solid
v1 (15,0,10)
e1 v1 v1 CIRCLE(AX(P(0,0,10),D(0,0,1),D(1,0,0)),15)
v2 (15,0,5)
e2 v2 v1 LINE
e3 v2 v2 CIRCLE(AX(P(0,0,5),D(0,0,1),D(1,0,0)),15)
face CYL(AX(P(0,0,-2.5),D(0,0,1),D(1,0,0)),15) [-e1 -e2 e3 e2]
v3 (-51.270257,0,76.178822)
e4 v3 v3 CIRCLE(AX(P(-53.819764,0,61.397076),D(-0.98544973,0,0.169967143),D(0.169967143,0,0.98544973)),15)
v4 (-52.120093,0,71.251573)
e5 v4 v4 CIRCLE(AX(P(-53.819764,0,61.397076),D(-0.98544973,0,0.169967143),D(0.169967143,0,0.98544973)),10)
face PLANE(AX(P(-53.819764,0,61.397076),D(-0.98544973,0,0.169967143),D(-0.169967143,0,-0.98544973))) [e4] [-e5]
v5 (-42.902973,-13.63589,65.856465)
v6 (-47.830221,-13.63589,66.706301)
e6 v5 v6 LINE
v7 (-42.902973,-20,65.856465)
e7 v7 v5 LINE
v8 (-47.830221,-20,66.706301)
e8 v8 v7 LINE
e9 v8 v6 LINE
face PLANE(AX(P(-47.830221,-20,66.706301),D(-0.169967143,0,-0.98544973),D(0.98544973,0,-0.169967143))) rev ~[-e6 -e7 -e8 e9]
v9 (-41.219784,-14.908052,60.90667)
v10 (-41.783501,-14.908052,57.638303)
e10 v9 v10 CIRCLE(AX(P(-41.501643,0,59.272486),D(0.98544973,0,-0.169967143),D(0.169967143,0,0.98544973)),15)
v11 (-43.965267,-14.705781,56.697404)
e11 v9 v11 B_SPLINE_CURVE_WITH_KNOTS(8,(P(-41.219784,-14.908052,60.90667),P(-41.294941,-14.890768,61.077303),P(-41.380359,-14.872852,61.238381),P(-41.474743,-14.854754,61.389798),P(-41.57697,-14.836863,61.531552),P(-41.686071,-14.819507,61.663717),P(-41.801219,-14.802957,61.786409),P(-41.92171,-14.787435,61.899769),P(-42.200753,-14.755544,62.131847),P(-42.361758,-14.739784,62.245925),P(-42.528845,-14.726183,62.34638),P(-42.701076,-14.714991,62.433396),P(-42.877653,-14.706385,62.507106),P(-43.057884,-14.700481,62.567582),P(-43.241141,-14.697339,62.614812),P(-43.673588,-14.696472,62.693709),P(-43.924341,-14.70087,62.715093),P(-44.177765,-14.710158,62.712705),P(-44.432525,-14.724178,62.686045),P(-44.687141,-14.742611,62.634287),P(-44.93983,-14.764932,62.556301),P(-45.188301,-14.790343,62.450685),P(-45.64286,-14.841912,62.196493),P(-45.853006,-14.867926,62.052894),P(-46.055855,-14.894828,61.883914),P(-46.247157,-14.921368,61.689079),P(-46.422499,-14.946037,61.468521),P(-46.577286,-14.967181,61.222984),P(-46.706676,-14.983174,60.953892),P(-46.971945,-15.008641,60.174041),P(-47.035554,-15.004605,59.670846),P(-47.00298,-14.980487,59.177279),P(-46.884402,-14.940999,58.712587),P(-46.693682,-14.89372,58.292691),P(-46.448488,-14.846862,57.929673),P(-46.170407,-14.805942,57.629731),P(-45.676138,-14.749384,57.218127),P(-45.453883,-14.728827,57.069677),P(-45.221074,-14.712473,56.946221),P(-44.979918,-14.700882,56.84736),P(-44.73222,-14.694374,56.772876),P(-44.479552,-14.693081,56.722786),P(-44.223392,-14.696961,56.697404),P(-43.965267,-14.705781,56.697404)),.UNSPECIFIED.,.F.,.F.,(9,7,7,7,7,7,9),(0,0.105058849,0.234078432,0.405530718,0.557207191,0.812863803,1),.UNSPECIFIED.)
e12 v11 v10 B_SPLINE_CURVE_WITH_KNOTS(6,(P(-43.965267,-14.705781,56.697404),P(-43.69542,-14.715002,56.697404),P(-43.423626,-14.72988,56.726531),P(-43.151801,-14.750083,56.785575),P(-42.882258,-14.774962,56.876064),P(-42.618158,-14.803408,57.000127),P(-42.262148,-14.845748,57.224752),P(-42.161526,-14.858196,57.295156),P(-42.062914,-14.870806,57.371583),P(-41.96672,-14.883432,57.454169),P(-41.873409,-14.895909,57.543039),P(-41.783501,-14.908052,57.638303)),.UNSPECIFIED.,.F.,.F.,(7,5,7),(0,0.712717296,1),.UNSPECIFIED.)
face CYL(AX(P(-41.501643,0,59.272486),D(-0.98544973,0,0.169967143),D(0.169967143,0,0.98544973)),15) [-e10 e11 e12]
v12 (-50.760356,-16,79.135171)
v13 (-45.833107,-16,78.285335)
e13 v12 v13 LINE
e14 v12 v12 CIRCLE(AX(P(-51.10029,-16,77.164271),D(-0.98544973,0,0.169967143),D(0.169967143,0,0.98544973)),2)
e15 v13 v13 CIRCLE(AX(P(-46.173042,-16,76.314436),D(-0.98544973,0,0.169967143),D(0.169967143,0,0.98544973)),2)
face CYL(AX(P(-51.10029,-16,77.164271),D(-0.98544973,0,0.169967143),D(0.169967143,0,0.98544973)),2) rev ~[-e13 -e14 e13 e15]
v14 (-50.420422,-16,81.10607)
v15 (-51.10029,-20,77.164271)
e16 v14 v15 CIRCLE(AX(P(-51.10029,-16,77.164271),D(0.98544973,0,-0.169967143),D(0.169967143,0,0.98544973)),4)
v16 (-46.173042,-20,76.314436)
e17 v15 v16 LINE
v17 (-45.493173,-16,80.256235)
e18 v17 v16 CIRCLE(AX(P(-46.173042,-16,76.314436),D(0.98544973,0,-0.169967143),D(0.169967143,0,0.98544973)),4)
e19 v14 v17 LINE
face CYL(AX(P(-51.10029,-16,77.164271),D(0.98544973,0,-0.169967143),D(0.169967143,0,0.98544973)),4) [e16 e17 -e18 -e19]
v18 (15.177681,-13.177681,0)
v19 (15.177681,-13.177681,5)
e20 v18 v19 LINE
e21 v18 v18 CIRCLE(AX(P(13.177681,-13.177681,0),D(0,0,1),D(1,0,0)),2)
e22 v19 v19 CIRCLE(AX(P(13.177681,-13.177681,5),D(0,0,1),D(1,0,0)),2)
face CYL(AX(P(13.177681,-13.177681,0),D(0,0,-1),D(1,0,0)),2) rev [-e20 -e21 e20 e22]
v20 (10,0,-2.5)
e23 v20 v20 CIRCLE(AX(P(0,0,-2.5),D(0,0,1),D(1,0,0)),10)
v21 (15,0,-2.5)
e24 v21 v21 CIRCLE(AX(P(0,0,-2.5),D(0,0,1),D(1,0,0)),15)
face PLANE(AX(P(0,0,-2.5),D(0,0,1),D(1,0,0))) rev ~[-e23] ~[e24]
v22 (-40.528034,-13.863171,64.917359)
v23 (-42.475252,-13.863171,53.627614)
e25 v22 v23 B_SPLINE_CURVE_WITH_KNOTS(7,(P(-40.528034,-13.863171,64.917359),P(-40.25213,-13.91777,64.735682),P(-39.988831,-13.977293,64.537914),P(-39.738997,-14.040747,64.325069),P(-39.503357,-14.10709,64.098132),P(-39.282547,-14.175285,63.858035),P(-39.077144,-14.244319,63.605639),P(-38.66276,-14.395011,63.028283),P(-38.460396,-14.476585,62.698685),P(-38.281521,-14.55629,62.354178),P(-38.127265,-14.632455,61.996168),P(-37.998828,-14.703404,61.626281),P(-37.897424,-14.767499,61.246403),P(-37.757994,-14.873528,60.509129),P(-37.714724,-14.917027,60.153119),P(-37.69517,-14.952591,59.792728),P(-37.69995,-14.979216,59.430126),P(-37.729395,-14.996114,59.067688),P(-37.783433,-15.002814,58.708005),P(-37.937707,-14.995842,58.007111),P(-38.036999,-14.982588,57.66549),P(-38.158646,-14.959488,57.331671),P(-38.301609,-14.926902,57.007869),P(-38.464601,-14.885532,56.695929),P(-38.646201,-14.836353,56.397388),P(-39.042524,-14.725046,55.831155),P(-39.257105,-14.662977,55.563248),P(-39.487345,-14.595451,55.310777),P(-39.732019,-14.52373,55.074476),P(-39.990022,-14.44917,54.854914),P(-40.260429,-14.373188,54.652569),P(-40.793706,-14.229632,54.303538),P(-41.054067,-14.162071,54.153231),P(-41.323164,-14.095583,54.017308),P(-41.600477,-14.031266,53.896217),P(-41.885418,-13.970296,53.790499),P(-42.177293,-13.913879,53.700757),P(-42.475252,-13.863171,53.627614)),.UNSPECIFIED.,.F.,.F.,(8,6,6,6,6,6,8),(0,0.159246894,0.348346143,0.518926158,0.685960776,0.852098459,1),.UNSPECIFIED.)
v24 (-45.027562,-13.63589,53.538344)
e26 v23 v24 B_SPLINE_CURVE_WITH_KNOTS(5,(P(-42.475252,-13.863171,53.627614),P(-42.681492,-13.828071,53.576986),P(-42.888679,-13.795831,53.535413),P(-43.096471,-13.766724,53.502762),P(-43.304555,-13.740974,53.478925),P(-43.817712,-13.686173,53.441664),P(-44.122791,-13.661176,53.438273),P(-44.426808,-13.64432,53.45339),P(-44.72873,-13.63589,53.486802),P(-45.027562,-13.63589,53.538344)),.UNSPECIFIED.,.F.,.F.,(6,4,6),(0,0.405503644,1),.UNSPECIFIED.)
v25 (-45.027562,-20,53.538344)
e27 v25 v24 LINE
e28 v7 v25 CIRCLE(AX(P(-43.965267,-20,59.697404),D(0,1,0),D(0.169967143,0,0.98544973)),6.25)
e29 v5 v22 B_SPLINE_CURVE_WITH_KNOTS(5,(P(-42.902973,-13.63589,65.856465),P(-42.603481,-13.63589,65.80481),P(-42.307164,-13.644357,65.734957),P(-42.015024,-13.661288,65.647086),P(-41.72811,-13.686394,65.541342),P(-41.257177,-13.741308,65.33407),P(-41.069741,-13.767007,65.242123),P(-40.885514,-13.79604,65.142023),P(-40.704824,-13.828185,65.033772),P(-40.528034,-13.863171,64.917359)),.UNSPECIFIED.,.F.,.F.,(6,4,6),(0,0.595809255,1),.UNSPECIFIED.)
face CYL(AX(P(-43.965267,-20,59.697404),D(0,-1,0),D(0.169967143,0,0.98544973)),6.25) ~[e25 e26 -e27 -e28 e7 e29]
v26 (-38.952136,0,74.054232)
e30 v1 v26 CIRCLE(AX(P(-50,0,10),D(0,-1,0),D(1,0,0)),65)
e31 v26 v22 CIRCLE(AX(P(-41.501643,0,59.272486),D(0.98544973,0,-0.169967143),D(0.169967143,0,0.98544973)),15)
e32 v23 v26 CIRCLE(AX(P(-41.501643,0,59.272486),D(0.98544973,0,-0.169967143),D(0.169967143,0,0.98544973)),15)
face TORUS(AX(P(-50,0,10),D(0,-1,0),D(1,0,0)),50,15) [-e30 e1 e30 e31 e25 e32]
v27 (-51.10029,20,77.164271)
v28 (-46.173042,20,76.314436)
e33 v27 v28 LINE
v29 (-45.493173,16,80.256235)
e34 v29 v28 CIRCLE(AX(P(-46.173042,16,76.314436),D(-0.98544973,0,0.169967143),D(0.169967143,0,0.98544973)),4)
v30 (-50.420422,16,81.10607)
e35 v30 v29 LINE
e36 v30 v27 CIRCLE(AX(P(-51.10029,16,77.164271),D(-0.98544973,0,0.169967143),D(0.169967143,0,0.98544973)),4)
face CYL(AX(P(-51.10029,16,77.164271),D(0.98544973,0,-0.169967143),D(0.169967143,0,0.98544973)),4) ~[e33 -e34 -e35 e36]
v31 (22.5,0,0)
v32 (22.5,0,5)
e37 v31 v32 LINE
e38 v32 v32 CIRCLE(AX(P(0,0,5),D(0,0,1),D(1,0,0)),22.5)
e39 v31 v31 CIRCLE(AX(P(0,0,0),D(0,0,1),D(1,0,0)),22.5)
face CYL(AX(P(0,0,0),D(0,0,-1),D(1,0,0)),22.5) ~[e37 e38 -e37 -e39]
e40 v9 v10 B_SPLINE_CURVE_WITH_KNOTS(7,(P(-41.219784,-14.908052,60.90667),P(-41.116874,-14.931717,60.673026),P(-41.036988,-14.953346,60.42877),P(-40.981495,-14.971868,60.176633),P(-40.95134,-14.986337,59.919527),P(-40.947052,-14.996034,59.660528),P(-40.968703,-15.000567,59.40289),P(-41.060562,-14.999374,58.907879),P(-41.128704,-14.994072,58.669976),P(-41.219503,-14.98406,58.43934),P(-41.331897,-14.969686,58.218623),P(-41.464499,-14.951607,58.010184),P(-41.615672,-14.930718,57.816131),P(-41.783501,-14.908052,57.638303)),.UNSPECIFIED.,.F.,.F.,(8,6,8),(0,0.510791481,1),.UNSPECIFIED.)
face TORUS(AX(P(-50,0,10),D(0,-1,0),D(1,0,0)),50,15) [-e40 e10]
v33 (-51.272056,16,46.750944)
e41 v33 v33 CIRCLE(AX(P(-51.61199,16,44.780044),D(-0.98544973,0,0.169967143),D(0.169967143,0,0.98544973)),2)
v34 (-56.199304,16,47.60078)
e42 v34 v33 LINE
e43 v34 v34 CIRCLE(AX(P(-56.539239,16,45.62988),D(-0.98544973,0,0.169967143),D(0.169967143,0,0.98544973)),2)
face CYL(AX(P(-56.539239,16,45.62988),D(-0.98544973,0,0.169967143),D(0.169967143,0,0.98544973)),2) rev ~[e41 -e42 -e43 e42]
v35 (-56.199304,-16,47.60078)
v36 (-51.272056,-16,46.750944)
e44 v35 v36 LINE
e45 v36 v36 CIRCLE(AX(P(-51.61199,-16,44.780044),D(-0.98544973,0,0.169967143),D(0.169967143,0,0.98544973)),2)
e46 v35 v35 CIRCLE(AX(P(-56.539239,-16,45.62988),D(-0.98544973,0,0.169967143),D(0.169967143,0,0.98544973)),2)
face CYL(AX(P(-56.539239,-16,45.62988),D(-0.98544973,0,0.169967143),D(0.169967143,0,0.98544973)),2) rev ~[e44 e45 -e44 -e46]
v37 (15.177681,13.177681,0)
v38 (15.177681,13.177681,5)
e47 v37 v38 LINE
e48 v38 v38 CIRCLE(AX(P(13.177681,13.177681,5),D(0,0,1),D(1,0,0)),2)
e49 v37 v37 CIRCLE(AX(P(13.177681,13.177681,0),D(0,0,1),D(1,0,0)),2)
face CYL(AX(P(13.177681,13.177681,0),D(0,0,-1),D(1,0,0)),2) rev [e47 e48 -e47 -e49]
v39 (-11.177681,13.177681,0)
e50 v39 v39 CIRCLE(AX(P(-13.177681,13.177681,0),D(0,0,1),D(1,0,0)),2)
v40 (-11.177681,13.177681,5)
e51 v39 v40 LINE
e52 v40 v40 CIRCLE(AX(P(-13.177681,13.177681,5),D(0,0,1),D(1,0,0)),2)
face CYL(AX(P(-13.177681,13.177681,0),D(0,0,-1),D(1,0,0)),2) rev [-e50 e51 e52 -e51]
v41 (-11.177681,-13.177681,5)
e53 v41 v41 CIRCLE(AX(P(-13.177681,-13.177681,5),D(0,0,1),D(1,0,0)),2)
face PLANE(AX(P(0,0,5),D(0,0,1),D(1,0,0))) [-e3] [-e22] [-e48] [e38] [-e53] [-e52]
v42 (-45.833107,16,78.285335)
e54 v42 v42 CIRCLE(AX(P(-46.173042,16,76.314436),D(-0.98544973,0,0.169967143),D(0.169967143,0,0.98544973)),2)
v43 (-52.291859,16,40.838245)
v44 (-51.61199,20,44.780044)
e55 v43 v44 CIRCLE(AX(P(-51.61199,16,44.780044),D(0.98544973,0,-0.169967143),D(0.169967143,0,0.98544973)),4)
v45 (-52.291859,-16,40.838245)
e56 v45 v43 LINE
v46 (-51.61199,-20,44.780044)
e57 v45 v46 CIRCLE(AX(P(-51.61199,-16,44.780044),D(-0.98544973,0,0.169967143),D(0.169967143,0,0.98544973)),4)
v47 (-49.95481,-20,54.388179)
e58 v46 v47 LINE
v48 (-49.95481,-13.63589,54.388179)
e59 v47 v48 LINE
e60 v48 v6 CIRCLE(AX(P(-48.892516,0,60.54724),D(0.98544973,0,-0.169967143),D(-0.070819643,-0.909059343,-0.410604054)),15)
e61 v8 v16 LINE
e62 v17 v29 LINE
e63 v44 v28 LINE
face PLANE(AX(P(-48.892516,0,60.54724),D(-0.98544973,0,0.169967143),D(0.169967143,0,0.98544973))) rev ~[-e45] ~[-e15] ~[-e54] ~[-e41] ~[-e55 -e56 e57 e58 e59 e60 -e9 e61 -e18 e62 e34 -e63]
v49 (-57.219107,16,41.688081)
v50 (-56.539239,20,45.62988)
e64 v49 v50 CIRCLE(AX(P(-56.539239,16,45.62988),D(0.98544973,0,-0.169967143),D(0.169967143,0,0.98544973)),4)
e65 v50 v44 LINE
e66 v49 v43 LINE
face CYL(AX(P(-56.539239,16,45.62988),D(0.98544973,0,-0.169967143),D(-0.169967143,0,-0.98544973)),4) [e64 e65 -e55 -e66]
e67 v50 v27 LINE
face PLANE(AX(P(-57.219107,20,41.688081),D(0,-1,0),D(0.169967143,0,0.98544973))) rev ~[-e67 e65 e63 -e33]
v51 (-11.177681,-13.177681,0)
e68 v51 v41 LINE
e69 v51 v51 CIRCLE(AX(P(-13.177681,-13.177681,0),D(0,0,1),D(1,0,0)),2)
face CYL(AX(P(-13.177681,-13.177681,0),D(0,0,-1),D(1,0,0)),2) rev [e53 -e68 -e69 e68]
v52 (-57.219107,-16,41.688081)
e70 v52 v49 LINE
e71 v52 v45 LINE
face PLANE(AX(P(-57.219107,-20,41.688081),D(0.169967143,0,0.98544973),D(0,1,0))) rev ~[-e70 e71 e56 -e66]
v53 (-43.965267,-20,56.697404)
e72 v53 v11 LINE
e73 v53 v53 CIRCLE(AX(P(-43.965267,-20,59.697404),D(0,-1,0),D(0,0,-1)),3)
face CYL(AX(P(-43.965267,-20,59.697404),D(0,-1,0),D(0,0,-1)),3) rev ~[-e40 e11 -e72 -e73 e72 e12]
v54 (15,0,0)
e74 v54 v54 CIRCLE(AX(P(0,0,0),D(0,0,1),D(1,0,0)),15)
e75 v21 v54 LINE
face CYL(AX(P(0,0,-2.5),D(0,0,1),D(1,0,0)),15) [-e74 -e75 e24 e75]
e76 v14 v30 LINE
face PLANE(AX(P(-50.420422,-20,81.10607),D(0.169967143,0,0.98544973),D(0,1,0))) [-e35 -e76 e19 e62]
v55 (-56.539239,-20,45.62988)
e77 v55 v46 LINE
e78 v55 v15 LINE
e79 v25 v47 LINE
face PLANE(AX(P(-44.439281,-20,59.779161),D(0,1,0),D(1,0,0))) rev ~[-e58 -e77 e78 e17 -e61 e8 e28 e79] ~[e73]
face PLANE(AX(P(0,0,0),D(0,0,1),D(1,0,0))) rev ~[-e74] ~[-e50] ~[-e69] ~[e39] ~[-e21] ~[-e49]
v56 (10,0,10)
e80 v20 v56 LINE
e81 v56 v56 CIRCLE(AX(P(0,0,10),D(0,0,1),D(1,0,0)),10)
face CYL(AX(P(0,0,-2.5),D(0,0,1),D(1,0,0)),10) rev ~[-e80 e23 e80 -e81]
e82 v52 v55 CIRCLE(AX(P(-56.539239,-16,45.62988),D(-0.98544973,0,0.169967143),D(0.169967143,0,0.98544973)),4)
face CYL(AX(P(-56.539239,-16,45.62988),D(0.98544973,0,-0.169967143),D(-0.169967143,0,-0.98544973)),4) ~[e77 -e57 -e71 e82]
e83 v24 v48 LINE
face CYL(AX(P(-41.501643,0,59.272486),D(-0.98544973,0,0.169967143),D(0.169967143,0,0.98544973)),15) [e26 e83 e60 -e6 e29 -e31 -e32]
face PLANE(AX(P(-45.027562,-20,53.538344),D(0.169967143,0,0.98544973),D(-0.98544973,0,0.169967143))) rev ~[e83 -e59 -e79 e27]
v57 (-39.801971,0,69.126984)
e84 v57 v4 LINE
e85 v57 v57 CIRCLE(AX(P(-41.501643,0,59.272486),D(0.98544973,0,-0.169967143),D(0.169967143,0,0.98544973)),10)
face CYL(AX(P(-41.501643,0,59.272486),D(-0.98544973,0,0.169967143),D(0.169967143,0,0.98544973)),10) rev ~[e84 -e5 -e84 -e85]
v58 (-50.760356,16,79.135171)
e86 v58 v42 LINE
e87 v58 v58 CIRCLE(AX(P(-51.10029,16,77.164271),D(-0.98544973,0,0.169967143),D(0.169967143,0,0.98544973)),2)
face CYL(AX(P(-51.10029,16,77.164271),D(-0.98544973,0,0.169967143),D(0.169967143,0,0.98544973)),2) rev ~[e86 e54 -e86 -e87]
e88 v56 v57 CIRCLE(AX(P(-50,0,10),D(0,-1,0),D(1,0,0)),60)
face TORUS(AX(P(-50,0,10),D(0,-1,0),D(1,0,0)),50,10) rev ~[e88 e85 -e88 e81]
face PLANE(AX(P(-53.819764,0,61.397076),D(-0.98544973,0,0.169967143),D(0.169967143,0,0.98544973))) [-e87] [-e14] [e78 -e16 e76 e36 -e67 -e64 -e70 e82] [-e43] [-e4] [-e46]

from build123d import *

# Parameters (mm, degrees)
SKETCH1_R           = 22.5
SKETCH1_R_2         = 15
SKETCH1_R_3         = 2
BOSS_EXTRUDE1_DEPTH = 5
SKETCH4_R           = 15
SKETCH4_R_2         = 10
SKETCH5_W           = 40
SKETCH5_H           = 40
SKETCH5_R           = 10
SKETCH5_R_2         = 2
BOSS_EXTRUDE2_DEPTH = 5
FILLET1_R           = 4
SKETCH6_R           = 3
BOSS_EXTRUDE3_DEPTH = 7


with BuildPart() as part:
    # Sketch1 → Boss-Extrude1 (new body)
    with BuildSketch(Plane.XY):
        Circle(SKETCH1_R)
        Circle(SKETCH1_R_2, mode=Mode.SUBTRACT)
        with Locations((13.177680547, 13.177680547)):
            Circle(SKETCH1_R_3, mode=Mode.SUBTRACT)
        with Locations((13.177680547, -13.177680547)):
            Circle(SKETCH1_R_3, mode=Mode.SUBTRACT)
        with Locations((-13.177680547, -13.177680547)):
            Circle(SKETCH1_R_3, mode=Mode.SUBTRACT)
        with Locations((-13.177680547, 13.177680547)):
            Circle(SKETCH1_R_3, mode=Mode.SUBTRACT)
    extrude(amount=BOSS_EXTRUDE1_DEPTH)

    # Sweep1: sweep along a path in Sketch3
    with BuildLine(Plane(origin=(0, 0, 0), x_dir=(1, 0, 0), z_dir=(0, 1, 0))) as sweep1_path:
        Line((0, 2.5), (0, -10))
        ThreePointArc((0, -10), (-11.757890636, -42.210884362), (-41.501642855, -59.272486499))
        Line((-41.501642855, -59.272486499), (-53.81976448, -61.397075786))
    # Sketch4 → Sweep1 (sweep)
    with BuildSketch(Plane(origin=(-53.81976448, 0, 61.397075786), x_dir=(0.16996714290024248, 0, 0.98544972998846), z_dir=(-0.98544972998846, 0, 0.16996714290024248))):
        Circle(SKETCH4_R)
        Circle(SKETCH4_R_2, mode=Mode.SUBTRACT)
    sweep(path=sweep1_path.line)

    # Sketch5 → Boss-Extrude2 (add)
    with BuildSketch(Plane(origin=(-62.548620892, 0, 10.788181337), x_dir=(0.16996714290024248, 0, 0.98544972998846), z_dir=(-0.98544972998846, 0, 0.16996714290024248))):
        with Locations((51.356140155, 0)):
            Rectangle(SKETCH5_W, SKETCH5_H)
        with Locations((51.356140155, 0)):
            Circle(SKETCH5_R, mode=Mode.SUBTRACT)
        with Locations((67.356140155, 16)):
            Circle(SKETCH5_R_2, mode=Mode.SUBTRACT)
        with Locations((35.356140155, 16)):
            Circle(SKETCH5_R_2, mode=Mode.SUBTRACT)
        with Locations((35.356140155, -16)):
            Circle(SKETCH5_R_2, mode=Mode.SUBTRACT)
        with Locations((67.356140155, -16)):
            Circle(SKETCH5_R_2, mode=Mode.SUBTRACT)
    extrude(amount=-BOSS_EXTRUDE2_DEPTH)

    # Fillet1
    fillet1_edges = [part.edges().sort_by_distance(p)[0] for p in [
        (-47.956797297, 20, 80.681152528),
        (-47.956797297, -20, 80.681152528),
        (-54.755483013, -20, 41.263163329),
        (-54.755483013, 20, 41.263163329),
    ]]
    fillet(fillet1_edges, radius=FILLET1_R)

    # Sketch6 → Boss-Extrude3 (add)
    with BuildSketch(Plane(origin=(0, -20, 0), x_dir=(-1, 0, 0), z_dir=(0, -1, 0))):
        with BuildLine():
            Line((48.89251583, -60.547240071), (47.830221187, -66.706300884))
            Line((47.830221187, -66.706300884), (42.902972537, -65.856465169))
            ThreePointArc((42.902972537, -65.856465169), (37.806206368, -58.635109714), (45.027561823, -53.538343544))
            Line((45.027561823, -53.538343544), (49.954810473, -54.388179259))
            Line((49.954810473, -54.388179259), (48.89251583, -60.547240071))
        make_face()
        with Locations(Location((43.96526718, -59.697404357, 0), (0, 0, 90))):
            Circle(SKETCH6_R, mode=Mode.SUBTRACT)
    extrude(amount=-BOSS_EXTRUDE3_DEPTH)


solid = part.part
